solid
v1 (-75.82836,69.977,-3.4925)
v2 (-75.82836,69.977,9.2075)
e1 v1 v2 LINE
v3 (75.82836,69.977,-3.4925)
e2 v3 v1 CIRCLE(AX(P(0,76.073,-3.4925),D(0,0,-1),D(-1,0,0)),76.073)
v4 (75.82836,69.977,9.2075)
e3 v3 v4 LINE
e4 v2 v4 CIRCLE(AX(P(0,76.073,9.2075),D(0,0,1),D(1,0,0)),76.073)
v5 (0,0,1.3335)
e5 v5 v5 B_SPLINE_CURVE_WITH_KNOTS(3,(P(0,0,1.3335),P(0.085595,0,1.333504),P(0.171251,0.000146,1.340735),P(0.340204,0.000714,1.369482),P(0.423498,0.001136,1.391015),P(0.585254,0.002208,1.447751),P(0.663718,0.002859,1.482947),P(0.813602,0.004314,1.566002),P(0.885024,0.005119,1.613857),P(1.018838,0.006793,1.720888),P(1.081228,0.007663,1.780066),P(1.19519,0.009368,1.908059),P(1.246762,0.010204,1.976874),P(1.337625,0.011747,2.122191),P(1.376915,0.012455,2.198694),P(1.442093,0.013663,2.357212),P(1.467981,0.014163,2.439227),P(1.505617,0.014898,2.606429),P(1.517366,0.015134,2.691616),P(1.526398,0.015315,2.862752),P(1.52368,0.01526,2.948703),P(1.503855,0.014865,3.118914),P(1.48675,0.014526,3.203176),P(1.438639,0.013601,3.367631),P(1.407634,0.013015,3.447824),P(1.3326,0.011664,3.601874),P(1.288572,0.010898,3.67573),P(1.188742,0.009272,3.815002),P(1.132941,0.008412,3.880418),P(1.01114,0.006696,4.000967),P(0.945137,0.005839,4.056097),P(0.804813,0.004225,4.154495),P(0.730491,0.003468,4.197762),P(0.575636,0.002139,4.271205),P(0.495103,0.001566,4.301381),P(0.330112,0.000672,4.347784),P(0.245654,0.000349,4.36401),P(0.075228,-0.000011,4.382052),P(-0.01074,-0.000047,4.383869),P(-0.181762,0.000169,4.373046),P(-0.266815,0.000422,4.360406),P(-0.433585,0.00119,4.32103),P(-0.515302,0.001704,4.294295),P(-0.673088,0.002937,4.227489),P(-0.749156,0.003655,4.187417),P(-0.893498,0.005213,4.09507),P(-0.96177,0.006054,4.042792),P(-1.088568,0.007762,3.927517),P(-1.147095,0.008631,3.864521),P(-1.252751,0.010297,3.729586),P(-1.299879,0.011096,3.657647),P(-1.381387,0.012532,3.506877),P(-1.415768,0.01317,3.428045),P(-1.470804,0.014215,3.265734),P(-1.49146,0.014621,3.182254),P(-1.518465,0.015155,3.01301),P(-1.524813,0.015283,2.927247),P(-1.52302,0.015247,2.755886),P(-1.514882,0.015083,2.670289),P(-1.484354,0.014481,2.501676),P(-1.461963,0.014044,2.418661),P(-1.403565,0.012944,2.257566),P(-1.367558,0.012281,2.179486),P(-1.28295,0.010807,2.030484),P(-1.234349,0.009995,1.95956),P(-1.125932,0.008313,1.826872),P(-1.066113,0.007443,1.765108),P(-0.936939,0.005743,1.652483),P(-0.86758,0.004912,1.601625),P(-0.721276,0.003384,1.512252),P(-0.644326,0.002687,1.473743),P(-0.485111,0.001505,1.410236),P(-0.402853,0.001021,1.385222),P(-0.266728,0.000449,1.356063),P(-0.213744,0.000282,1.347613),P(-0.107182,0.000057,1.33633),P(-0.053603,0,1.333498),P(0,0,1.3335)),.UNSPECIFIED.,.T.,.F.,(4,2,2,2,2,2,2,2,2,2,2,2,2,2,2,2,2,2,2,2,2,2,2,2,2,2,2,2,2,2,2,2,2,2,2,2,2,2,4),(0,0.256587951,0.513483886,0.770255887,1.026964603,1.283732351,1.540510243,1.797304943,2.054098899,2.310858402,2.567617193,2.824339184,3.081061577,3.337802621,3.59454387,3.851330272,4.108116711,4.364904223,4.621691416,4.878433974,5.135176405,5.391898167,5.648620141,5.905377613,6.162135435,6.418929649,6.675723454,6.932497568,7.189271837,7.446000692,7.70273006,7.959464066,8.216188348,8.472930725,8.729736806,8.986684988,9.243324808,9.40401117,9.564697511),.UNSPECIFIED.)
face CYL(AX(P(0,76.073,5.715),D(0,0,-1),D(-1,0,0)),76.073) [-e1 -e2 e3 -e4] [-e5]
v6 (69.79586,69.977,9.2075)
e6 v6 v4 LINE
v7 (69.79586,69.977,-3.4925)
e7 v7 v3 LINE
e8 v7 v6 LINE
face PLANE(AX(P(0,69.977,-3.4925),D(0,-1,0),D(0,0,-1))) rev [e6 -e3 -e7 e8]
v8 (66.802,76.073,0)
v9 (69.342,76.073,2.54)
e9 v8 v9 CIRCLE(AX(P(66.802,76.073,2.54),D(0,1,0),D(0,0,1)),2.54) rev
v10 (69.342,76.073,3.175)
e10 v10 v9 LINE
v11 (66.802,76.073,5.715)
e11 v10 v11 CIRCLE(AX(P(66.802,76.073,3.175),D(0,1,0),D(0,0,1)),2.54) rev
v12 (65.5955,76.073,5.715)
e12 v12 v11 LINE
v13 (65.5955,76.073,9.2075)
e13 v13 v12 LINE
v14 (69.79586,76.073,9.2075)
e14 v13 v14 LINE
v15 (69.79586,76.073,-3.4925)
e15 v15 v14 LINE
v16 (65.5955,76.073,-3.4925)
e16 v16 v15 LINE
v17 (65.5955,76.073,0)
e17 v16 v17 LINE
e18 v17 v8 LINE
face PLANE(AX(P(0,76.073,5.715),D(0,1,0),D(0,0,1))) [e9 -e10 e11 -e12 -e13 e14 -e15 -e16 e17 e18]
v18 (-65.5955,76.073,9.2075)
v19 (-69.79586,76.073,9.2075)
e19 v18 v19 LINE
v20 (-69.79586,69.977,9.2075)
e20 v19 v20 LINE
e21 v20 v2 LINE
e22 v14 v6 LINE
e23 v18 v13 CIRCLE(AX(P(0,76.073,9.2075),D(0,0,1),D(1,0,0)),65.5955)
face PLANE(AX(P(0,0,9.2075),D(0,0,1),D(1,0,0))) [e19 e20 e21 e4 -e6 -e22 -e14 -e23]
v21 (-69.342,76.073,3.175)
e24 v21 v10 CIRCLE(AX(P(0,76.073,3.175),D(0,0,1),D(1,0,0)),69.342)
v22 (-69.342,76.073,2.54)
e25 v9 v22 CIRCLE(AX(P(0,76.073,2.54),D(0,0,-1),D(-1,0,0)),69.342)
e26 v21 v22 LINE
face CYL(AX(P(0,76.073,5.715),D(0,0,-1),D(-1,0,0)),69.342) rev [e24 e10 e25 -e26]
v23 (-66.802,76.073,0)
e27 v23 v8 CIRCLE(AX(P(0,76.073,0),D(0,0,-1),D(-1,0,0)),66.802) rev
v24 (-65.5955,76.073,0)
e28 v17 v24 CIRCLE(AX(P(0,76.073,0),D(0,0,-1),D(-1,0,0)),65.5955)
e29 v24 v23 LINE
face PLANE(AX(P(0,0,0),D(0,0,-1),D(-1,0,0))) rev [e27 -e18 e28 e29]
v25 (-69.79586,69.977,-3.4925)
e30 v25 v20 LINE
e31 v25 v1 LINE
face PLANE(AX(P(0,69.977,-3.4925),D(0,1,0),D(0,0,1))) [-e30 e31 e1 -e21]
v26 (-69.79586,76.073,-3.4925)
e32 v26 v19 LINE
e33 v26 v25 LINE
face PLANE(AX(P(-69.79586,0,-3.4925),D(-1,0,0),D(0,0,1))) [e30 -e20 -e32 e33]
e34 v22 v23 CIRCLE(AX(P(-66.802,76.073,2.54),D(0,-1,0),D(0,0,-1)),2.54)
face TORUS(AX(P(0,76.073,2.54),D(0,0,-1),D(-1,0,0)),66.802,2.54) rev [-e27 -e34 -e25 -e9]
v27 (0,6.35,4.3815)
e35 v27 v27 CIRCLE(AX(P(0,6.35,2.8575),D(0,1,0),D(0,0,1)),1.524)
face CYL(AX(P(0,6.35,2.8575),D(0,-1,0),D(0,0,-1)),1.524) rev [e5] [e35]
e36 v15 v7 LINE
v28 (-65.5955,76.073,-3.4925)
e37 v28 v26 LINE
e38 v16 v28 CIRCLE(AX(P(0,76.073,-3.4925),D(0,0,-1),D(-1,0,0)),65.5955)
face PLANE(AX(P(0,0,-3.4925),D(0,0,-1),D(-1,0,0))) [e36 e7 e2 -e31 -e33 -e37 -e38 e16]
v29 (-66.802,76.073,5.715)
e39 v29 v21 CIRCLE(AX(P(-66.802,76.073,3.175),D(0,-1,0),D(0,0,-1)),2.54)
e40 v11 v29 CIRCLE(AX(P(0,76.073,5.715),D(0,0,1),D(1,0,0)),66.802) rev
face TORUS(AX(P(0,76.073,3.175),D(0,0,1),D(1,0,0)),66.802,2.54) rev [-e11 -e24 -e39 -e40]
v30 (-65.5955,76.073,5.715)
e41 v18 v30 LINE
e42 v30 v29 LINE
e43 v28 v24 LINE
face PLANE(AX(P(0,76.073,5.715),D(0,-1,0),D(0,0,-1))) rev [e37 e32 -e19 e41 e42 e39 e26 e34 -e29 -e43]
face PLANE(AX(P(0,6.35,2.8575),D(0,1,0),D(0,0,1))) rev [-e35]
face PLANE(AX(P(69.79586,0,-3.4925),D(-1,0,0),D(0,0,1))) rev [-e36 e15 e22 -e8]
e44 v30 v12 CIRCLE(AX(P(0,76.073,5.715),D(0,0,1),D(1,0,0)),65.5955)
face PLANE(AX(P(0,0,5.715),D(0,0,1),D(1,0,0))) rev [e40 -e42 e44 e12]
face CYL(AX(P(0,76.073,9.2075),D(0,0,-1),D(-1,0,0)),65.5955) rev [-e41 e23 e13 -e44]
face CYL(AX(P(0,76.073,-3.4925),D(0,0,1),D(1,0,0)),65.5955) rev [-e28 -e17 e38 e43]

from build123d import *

# Parameters (mm, degrees)
BOSS_EXTRUDE1_DEPTH = 5.715
BOSS_EXTRUDE2_DEPTH = 3.4925
BOSS_EXTRUDE3_START = 3.4925
BOSS_EXTRUDE3_DEPTH = 3.4925
FILLET1_R           = 2.54
SKETCH5_R           = 1.524
CUT_EXTRUDE1_DEPTH  = 6.35
SKETCH6_W           = 6.0325
SKETCH6_H           = 6.096
CUT_EXTRUDE2_DEPTH  = 109.330479049
SKETCH7_W           = 13.176307298
SKETCH7_H           = 9.310122243
CUT_EXTRUDE3_DEPTH  = 109.330478908


with BuildPart() as part:
    # Sketch1 → Boss-Extrude1 (new body)
    with BuildSketch(Plane.XY):
        with BuildLine():
            ThreePointArc((69.342, 76.073), (0, 6.731), (-69.342, 76.073))
            Line((-69.342, 76.073), (-76.073, 76.073))
            ThreePointArc((-76.073, 76.073), (0, 0), (76.073, 76.073))
            Line((76.073, 76.073), (69.342, 76.073))
        make_face()
    extrude(amount=BOSS_EXTRUDE1_DEPTH)

    # Sketch3 → Boss-Extrude2 (add)
    with BuildSketch(Plane.XY.offset(5.715)):
        with BuildLine():
            ThreePointArc((65.5955, 76.073), (0, 10.4775), (-65.5955, 76.073))
            Line((-65.5955, 76.073), (-76.073, 76.073))
            ThreePointArc((-76.073, 76.073), (0, 0), (76.073, 76.073))
            Line((76.073, 76.073), (65.5955, 76.073))
        make_face()
    extrude(amount=BOSS_EXTRUDE2_DEPTH)

    # Sketch4 → Boss-Extrude3 (add)
    with BuildSketch(Plane(origin=(0, 0, 0), x_dir=(-1, 0, 0), z_dir=(0, 0, -1)).offset(BOSS_EXTRUDE3_START)):
        with BuildLine():
            ThreePointArc((65.5955, 76.073), (0, 10.4775), (-65.5955, 76.073))
            Line((-65.5955, 76.073), (-76.073, 76.073))
            ThreePointArc((-76.073, 76.073), (0, 0), (76.073, 76.073))
            Line((76.073, 76.073), (65.5955, 76.073))
        make_face()
    extrude(amount=-BOSS_EXTRUDE3_DEPTH)

    # Fillet1
    fillet1_edges = [part.edges().sort_by_distance(p)[0] for p in [
        (0, 6.731, 5.715),
        (0, 6.731, 0),
    ]]
    fillet(fillet1_edges, radius=FILLET1_R)

    # Sketch5 → Cut-Extrude1 (cut)
    with BuildSketch(Plane(origin=(0, 0, 0), x_dir=(1, 0, 0), z_dir=(0, 1, 0))):
        with Locations((0, -2.8575)):
            Circle(SKETCH5_R)
    extrude(amount=CUT_EXTRUDE1_DEPTH, mode=Mode.SUBTRACT)

    # Sketch6 → Cut-Extrude2 (cut, through all)
    with BuildSketch(Plane.XY.offset(9.2075)):
        with BuildLine():
            Line((-82.07762594, 69.977), (-75.828359556, 69.977))
            ThreePointArc((-75.828359556, 69.977), (-76.011815284, 73.022546552), (-76.073, 76.073))
            Line((-76.073, 76.073), (-82.07762594, 76.073))
            Line((-82.07762594, 76.073), (-82.07762594, 69.977))
        make_face()
        with Locations((-72.812109556, 73.025)):
            Rectangle(SKETCH6_W, SKETCH6_H)
        with Locations((72.812109556, 73.025)):
            Rectangle(SKETCH6_W, SKETCH6_H)
        with BuildLine():
            ThreePointArc((76.073, 76.073), (76.011815284, 73.022546552), (75.828359556, 69.977))
            Line((75.828359556, 69.977), (82.07762594, 69.977))
            Line((82.07762594, 69.977), (82.07762594, 76.073))
            Line((82.07762594, 76.073), (76.073, 76.073))
        make_face()
    extrude(amount=-CUT_EXTRUDE2_DEPTH, mode=Mode.SUBTRACT)


with BuildPart() as cut_extrude2_piece_1:
    # of the separate pieces the step leaves, piece 1, a body of its own (cut_extrude2_pieces)
    add(part.part.solids().sort_by_distance((66.802, 76.073, 5.715))[0])


with BuildPart() as cut_extrude2_piece_2:
    # of the separate pieces the step leaves, piece 2, a body of its own (cut_extrude2_pieces)
    add(part.part.solids().sort_by_distance((76.073, 76.073, 9.2075))[0])


with BuildPart() as cut_extrude2_piece_3:
    # of the separate pieces the step leaves, piece 3, a body of its own (cut_extrude2_pieces)
    add(part.part.solids().sort_by_distance((-76.073, 76.073, 9.2075))[0])


with BuildPart() as cut_extrude3_tool:
    # Sketch7 → Cut-Extrude3 (new, through all)
    with BuildSketch(Plane.XY.offset(9.2075)):
        with Locations((-79.400263205, 74.632061122)):
            Rectangle(SKETCH7_W, SKETCH7_H)
        with Locations((79.400263205, 74.632061122)):
            Rectangle(SKETCH7_W, SKETCH7_H)
    extrude(amount=-CUT_EXTRUDE3_DEPTH)


with BuildPart() as cut_extrude2_piece_2_1:
    add(cut_extrude2_piece_2.part)

    # Cut-Extrude3: cut by cut_extrude3_tool
    add(cut_extrude3_tool.part, mode=Mode.SUBTRACT)


with BuildPart() as cut_extrude2_piece_3_1:
    add(cut_extrude2_piece_3.part)

    # Cut-Extrude3: cut by cut_extrude3_tool
    add(cut_extrude3_tool.part, mode=Mode.SUBTRACT)


solid = cut_extrude2_piece_1.part
